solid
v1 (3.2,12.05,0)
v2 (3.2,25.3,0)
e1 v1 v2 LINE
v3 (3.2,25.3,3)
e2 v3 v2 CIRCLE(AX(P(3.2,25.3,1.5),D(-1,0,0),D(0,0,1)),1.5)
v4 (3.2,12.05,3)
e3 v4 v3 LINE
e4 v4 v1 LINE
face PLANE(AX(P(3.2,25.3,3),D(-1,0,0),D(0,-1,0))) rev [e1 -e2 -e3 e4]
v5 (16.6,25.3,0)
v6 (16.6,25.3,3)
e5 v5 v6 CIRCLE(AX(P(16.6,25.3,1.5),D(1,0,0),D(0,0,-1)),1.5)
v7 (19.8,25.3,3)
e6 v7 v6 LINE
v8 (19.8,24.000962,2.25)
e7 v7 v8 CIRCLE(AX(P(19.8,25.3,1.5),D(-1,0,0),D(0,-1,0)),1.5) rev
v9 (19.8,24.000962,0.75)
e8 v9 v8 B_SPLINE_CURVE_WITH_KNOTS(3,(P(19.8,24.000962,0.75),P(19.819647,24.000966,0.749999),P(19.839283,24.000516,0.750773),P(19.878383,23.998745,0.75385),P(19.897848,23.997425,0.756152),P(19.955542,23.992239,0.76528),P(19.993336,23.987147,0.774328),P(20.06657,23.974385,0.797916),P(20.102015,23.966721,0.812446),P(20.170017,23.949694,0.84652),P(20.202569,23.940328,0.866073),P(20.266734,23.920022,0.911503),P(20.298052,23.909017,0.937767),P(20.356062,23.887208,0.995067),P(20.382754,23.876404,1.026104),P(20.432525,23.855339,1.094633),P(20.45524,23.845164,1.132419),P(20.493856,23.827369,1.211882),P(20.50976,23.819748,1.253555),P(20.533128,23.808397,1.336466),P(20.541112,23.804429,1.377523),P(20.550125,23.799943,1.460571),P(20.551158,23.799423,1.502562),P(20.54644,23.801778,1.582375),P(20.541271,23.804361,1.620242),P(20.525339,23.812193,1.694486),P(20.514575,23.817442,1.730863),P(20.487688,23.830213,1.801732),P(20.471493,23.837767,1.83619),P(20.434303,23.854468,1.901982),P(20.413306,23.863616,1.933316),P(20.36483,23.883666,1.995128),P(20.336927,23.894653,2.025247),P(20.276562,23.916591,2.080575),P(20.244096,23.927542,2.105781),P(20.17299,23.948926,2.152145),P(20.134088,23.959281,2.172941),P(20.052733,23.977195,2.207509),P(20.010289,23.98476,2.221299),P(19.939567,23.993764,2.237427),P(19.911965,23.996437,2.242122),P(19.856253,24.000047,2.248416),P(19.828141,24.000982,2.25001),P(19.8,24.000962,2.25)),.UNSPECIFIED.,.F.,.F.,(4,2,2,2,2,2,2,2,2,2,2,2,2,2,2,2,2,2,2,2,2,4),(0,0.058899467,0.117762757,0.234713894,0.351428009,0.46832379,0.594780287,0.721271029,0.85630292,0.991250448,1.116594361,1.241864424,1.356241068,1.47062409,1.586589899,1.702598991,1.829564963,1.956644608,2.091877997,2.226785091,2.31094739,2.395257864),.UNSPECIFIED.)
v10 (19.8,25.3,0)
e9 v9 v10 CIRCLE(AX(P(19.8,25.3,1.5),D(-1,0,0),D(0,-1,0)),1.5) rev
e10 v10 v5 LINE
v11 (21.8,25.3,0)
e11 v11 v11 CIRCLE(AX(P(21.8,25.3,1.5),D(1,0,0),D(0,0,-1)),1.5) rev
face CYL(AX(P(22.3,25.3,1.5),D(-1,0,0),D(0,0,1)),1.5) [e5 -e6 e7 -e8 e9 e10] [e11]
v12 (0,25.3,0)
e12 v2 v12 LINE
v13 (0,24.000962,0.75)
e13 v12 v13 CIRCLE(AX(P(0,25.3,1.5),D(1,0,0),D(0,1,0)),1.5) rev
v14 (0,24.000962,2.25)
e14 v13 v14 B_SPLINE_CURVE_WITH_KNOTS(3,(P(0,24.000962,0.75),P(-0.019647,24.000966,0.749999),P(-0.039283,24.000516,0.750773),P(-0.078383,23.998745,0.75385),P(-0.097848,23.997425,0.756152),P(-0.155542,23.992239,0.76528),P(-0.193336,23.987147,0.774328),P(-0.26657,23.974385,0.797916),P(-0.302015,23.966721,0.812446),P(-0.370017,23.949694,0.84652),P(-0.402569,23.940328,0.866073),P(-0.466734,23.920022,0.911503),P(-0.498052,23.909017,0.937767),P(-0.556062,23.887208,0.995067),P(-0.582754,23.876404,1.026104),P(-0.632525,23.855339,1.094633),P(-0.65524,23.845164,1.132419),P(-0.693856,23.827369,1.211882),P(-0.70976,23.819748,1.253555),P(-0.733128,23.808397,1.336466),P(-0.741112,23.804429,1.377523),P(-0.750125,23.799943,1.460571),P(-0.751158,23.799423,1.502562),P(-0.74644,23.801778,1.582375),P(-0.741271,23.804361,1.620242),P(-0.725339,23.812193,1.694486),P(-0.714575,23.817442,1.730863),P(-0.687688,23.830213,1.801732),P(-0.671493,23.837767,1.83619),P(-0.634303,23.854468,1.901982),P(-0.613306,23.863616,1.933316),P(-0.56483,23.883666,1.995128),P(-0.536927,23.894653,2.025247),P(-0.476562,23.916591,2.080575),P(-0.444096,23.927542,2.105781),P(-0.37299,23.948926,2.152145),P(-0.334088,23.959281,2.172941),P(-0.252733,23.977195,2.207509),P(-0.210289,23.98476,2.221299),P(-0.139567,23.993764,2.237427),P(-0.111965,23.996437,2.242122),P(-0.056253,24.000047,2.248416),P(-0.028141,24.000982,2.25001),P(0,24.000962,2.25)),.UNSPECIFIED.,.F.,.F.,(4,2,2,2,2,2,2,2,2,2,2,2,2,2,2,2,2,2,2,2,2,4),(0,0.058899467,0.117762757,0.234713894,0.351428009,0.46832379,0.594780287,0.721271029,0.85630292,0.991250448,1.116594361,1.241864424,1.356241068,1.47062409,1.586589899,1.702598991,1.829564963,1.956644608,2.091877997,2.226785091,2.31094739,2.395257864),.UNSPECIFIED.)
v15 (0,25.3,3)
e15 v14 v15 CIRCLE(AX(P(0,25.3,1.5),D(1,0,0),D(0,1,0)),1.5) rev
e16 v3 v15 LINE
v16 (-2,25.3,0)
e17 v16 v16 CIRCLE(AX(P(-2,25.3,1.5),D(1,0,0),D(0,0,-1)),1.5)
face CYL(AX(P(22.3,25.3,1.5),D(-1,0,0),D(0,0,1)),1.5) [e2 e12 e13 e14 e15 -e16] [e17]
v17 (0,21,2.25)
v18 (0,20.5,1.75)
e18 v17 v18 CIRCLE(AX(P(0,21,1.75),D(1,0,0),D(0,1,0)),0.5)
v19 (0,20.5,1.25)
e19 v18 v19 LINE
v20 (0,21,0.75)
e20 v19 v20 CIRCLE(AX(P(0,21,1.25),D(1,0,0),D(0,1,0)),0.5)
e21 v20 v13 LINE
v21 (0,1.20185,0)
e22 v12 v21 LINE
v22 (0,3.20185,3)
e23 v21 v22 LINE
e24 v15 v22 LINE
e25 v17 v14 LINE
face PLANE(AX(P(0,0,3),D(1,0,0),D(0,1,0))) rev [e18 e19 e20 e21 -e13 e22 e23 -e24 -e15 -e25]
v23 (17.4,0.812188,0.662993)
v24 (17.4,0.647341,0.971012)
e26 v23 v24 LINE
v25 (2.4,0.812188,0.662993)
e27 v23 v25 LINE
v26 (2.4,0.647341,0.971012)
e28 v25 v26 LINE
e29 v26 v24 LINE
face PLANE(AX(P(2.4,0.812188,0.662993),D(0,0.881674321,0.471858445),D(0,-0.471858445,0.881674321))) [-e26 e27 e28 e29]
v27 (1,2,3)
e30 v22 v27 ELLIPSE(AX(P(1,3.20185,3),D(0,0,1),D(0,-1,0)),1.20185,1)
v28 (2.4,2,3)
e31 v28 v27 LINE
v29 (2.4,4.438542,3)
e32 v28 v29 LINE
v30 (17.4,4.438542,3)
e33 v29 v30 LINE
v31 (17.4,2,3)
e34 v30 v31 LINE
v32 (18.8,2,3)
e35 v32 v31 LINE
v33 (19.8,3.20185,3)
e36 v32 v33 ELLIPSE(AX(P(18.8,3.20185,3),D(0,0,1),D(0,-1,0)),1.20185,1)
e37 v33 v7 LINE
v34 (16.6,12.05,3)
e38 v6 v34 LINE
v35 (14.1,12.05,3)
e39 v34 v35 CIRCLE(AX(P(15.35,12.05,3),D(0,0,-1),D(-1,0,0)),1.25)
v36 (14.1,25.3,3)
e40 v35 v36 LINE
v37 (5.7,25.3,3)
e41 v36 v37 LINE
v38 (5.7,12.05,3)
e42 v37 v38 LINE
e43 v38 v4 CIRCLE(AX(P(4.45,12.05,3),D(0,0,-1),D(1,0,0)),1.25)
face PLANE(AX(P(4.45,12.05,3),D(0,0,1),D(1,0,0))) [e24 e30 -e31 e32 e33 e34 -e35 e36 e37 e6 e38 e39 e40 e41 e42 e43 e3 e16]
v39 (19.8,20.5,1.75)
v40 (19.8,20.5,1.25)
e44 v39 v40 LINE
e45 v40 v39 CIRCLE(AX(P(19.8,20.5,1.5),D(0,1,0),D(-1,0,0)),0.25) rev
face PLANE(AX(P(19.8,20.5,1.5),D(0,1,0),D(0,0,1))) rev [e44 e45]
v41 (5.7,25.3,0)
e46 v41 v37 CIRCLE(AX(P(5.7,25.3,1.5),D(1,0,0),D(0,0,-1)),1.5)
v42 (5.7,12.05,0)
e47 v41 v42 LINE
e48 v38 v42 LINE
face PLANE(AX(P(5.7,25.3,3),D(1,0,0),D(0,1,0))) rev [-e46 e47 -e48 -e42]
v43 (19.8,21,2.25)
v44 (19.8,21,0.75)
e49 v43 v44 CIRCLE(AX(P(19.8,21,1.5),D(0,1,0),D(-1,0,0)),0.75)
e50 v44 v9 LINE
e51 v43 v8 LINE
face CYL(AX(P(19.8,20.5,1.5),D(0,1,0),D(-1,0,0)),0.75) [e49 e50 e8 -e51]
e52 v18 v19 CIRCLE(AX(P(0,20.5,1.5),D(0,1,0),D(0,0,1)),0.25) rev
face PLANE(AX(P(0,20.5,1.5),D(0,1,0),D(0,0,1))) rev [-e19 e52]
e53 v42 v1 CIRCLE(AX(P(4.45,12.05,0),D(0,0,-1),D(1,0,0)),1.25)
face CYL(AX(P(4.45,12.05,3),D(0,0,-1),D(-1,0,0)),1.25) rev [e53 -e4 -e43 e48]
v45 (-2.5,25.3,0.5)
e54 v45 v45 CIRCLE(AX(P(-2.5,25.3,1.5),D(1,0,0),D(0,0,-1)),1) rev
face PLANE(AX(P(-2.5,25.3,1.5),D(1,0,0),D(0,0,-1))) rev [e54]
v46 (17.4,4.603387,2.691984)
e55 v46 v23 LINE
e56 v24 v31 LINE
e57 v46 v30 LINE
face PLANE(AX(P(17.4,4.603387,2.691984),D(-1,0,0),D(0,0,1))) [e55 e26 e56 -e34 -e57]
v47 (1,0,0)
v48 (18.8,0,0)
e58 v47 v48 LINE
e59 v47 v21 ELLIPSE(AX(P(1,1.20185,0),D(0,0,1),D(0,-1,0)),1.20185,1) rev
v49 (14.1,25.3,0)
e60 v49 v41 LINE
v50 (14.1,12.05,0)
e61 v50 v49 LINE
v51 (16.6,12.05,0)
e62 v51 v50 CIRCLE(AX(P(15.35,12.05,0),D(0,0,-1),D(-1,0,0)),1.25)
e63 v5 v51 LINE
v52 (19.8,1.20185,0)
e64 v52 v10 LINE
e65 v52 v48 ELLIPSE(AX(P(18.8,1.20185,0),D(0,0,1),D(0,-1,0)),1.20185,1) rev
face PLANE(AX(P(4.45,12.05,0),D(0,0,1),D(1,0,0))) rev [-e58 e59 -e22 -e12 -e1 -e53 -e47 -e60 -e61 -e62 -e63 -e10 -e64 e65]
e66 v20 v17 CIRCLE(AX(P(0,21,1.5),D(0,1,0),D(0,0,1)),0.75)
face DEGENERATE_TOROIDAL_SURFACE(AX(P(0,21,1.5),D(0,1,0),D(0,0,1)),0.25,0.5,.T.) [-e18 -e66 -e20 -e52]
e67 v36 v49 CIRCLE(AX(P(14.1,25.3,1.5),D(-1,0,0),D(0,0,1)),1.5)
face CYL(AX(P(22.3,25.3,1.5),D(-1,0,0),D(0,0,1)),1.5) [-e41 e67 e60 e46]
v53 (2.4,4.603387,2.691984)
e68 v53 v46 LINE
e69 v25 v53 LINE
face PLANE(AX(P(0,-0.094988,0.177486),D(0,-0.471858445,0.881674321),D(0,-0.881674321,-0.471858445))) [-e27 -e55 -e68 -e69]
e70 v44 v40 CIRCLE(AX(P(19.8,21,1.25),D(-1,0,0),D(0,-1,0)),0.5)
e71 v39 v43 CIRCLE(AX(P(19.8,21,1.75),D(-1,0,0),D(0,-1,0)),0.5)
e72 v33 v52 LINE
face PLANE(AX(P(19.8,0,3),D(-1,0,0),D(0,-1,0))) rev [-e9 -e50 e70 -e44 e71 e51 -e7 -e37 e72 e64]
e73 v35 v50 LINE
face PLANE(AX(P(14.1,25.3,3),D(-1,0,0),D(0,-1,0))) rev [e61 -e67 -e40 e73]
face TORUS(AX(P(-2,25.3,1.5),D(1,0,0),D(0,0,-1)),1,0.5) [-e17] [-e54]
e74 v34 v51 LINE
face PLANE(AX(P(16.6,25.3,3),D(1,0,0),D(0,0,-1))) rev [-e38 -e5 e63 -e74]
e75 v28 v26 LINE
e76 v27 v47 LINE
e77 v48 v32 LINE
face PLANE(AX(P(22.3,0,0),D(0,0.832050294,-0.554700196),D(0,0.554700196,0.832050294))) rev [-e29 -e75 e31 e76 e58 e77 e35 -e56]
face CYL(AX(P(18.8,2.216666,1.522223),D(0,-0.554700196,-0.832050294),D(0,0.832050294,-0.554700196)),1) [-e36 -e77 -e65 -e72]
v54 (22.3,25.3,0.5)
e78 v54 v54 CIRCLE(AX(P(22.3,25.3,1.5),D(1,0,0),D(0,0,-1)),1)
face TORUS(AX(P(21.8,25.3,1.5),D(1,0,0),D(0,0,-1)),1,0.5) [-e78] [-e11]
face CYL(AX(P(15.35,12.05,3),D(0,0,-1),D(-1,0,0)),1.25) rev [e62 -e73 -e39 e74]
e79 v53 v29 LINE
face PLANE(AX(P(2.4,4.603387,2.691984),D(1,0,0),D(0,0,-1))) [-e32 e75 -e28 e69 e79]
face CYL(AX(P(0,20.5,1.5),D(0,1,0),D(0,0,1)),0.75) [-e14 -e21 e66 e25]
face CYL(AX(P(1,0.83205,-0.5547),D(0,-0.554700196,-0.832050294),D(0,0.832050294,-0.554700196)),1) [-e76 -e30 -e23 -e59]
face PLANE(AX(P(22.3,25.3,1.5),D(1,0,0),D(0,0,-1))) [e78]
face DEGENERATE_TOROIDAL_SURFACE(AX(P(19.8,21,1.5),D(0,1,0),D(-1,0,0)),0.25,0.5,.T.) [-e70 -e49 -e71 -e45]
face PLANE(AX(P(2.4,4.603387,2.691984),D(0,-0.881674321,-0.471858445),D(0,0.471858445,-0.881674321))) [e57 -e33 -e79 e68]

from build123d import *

# Parameters (mm, degrees)
BOSS_EXTRUDE1_DEPTH      = 3
SKETCH2_R                = 1.5
BOSS_EXTRUDE2_DEPTH      = 2.5
BOSS_EXTRUDE2_DEPTH_BACK = 22.3
SKETCH3_W                = 2.5
SKETCH3_H                = 20.733799839
CUT_EXTRUDE1_DEPTH       = 4
CUT_EXTRUDE1_DEPTH_BACK  = 1
BOSS_EXTRUDE3_START      = -0.5
BOSS_EXTRUDE3_DEPTH      = 5.8
FILLET1_R                = 0.5
FILLET1_OF_MIRROR1_R     = 0.5
CUT_EXTRUDE2_DEPTH       = 23.3000001
SKETCH8_W                = 15
SKETCH8_H                = 4.3
CUT_EXTRUDE3_DEPTH       = 1.5
FILLET2_R                = 0.5
FILLET3_R                = 1


with BuildPart() as part:
    # Sketch1 → Boss-Extrude1 (new body)
    with BuildSketch(Plane.XY):
        with BuildLine():
            Line((3.2, 25.3), (3.2, 12.05))
            ThreePointArc((3.2, 12.05), (4.45, 10.8), (5.7, 12.05))
            Line((5.7, 12.05), (5.7, 25.3))
            Line((5.7, 25.3), (14.1, 25.3))
            Line((14.1, 25.3), (14.1, 12.05))
            ThreePointArc((14.1, 12.05), (15.35, 10.8), (16.6, 12.05))
            Line((16.6, 12.05), (16.6, 25.3))
            Line((16.6, 25.3), (19.8, 25.3))
            Line((19.8, 25.3), (19.8, 0))
            Line((19.8, 0), (0, 0))
            Line((0, 0), (0, 25.3))
            Line((0, 25.3), (3.2, 25.3))
        make_face()
    extrude(amount=BOSS_EXTRUDE1_DEPTH)

    # Sketch2 → Boss-Extrude2 (add, two sides)
    with BuildSketch(Plane(origin=(19.8, 0, 0), x_dir=(0, 0, -1), z_dir=(1, 0, 0))) as boss_extrude2_sk:
        with Locations((-1.5, 25.3)):
            Circle(SKETCH2_R)
    extrude(amount=BOSS_EXTRUDE2_DEPTH)
    extrude(boss_extrude2_sk.sketch, amount=-BOSS_EXTRUDE2_DEPTH_BACK)

    # Sketch3 → Cut-Extrude1 (cut, two sides)
    with BuildSketch(Plane.XY) as cut_extrude1_sk:
        with Locations((4.45, 22.41689992)):
            Rectangle(SKETCH3_W, SKETCH3_H)
        with Locations((15.35, 22.41689992)):
            Rectangle(SKETCH3_W, SKETCH3_H)
    extrude(amount=CUT_EXTRUDE1_DEPTH, mode=Mode.SUBTRACT)
    extrude(cut_extrude1_sk.sketch, amount=-CUT_EXTRUDE1_DEPTH_BACK, mode=Mode.SUBTRACT)

    # Sketch5 → Boss-Extrude3 (add)
    with BuildSketch(Plane(origin=(0, 26.8, 0), x_dir=(1, 0, 0), z_dir=(0, 1, 0)).offset(BOSS_EXTRUDE3_START)):
        with BuildLine():
            Line((0, -0.75), (0, -2.25))
            ThreePointArc((0, -2.25), (-0.75, -1.5), (0, -0.75))
        make_face()
    boss_extrude3 = extrude(amount=-BOSS_EXTRUDE3_DEPTH)

    # Fillet1
    fillet1_edges = [part.edges().sort_by_distance(p)[0] for p in [
        (-0.75, 20.5, 1.5),
    ]]
    fillet(fillet1_edges, radius=FILLET1_R)

    # Mirror1: Boss-Extrude3 across plane
    add(boss_extrude3.mirror(Plane.ZY.offset(-9.9)))

    # Fillet1 of Mirror1
    fillet1_of_mirror1_edges = [part.edges().sort_by_distance(p)[0] for p in [
        (20.55, 20.5, 1.5),
    ]]
    fillet(fillet1_of_mirror1_edges, radius=FILLET1_OF_MIRROR1_R)

    # Sketch6 → Cut-Extrude2 (cut, through all)
    with BuildSketch(Plane.ZY):
        Polygon((0, 0), (3, 2), (3, -2.592158126), (0, -2.592158126), align=None)
    extrude(amount=-CUT_EXTRUDE2_DEPTH, mode=Mode.SUBTRACT)

    # Sketch8 → Cut-Extrude3 (cut)
    with BuildSketch(Plane(origin=(0, -0.802775638, 1.499997875), x_dir=(-1, 0, 0), z_dir=(0, 0.471858445, -0.881674321))):
        with Locations((-9.9, 3.178923977)):
            Rectangle(SKETCH8_W, SKETCH8_H)
    extrude(amount=CUT_EXTRUDE3_DEPTH, mode=Mode.SUBTRACT)

    # Fillet2
    fillet2_edges = [part.edges().sort_by_distance(p)[0] for p in [
        (-2.5, 25.3, 3),
        (22.3, 25.3, 3),
    ]]
    fillet(fillet2_edges, radius=FILLET2_R)

    # Fillet3
    fillet3_edges = [part.edges().sort_by_distance(p)[0] for p in [
        (19.8, 1, 1.5),
        (0, 1, 1.5),
    ]]
    fillet(fillet3_edges, radius=FILLET3_R)


solid = part.part
